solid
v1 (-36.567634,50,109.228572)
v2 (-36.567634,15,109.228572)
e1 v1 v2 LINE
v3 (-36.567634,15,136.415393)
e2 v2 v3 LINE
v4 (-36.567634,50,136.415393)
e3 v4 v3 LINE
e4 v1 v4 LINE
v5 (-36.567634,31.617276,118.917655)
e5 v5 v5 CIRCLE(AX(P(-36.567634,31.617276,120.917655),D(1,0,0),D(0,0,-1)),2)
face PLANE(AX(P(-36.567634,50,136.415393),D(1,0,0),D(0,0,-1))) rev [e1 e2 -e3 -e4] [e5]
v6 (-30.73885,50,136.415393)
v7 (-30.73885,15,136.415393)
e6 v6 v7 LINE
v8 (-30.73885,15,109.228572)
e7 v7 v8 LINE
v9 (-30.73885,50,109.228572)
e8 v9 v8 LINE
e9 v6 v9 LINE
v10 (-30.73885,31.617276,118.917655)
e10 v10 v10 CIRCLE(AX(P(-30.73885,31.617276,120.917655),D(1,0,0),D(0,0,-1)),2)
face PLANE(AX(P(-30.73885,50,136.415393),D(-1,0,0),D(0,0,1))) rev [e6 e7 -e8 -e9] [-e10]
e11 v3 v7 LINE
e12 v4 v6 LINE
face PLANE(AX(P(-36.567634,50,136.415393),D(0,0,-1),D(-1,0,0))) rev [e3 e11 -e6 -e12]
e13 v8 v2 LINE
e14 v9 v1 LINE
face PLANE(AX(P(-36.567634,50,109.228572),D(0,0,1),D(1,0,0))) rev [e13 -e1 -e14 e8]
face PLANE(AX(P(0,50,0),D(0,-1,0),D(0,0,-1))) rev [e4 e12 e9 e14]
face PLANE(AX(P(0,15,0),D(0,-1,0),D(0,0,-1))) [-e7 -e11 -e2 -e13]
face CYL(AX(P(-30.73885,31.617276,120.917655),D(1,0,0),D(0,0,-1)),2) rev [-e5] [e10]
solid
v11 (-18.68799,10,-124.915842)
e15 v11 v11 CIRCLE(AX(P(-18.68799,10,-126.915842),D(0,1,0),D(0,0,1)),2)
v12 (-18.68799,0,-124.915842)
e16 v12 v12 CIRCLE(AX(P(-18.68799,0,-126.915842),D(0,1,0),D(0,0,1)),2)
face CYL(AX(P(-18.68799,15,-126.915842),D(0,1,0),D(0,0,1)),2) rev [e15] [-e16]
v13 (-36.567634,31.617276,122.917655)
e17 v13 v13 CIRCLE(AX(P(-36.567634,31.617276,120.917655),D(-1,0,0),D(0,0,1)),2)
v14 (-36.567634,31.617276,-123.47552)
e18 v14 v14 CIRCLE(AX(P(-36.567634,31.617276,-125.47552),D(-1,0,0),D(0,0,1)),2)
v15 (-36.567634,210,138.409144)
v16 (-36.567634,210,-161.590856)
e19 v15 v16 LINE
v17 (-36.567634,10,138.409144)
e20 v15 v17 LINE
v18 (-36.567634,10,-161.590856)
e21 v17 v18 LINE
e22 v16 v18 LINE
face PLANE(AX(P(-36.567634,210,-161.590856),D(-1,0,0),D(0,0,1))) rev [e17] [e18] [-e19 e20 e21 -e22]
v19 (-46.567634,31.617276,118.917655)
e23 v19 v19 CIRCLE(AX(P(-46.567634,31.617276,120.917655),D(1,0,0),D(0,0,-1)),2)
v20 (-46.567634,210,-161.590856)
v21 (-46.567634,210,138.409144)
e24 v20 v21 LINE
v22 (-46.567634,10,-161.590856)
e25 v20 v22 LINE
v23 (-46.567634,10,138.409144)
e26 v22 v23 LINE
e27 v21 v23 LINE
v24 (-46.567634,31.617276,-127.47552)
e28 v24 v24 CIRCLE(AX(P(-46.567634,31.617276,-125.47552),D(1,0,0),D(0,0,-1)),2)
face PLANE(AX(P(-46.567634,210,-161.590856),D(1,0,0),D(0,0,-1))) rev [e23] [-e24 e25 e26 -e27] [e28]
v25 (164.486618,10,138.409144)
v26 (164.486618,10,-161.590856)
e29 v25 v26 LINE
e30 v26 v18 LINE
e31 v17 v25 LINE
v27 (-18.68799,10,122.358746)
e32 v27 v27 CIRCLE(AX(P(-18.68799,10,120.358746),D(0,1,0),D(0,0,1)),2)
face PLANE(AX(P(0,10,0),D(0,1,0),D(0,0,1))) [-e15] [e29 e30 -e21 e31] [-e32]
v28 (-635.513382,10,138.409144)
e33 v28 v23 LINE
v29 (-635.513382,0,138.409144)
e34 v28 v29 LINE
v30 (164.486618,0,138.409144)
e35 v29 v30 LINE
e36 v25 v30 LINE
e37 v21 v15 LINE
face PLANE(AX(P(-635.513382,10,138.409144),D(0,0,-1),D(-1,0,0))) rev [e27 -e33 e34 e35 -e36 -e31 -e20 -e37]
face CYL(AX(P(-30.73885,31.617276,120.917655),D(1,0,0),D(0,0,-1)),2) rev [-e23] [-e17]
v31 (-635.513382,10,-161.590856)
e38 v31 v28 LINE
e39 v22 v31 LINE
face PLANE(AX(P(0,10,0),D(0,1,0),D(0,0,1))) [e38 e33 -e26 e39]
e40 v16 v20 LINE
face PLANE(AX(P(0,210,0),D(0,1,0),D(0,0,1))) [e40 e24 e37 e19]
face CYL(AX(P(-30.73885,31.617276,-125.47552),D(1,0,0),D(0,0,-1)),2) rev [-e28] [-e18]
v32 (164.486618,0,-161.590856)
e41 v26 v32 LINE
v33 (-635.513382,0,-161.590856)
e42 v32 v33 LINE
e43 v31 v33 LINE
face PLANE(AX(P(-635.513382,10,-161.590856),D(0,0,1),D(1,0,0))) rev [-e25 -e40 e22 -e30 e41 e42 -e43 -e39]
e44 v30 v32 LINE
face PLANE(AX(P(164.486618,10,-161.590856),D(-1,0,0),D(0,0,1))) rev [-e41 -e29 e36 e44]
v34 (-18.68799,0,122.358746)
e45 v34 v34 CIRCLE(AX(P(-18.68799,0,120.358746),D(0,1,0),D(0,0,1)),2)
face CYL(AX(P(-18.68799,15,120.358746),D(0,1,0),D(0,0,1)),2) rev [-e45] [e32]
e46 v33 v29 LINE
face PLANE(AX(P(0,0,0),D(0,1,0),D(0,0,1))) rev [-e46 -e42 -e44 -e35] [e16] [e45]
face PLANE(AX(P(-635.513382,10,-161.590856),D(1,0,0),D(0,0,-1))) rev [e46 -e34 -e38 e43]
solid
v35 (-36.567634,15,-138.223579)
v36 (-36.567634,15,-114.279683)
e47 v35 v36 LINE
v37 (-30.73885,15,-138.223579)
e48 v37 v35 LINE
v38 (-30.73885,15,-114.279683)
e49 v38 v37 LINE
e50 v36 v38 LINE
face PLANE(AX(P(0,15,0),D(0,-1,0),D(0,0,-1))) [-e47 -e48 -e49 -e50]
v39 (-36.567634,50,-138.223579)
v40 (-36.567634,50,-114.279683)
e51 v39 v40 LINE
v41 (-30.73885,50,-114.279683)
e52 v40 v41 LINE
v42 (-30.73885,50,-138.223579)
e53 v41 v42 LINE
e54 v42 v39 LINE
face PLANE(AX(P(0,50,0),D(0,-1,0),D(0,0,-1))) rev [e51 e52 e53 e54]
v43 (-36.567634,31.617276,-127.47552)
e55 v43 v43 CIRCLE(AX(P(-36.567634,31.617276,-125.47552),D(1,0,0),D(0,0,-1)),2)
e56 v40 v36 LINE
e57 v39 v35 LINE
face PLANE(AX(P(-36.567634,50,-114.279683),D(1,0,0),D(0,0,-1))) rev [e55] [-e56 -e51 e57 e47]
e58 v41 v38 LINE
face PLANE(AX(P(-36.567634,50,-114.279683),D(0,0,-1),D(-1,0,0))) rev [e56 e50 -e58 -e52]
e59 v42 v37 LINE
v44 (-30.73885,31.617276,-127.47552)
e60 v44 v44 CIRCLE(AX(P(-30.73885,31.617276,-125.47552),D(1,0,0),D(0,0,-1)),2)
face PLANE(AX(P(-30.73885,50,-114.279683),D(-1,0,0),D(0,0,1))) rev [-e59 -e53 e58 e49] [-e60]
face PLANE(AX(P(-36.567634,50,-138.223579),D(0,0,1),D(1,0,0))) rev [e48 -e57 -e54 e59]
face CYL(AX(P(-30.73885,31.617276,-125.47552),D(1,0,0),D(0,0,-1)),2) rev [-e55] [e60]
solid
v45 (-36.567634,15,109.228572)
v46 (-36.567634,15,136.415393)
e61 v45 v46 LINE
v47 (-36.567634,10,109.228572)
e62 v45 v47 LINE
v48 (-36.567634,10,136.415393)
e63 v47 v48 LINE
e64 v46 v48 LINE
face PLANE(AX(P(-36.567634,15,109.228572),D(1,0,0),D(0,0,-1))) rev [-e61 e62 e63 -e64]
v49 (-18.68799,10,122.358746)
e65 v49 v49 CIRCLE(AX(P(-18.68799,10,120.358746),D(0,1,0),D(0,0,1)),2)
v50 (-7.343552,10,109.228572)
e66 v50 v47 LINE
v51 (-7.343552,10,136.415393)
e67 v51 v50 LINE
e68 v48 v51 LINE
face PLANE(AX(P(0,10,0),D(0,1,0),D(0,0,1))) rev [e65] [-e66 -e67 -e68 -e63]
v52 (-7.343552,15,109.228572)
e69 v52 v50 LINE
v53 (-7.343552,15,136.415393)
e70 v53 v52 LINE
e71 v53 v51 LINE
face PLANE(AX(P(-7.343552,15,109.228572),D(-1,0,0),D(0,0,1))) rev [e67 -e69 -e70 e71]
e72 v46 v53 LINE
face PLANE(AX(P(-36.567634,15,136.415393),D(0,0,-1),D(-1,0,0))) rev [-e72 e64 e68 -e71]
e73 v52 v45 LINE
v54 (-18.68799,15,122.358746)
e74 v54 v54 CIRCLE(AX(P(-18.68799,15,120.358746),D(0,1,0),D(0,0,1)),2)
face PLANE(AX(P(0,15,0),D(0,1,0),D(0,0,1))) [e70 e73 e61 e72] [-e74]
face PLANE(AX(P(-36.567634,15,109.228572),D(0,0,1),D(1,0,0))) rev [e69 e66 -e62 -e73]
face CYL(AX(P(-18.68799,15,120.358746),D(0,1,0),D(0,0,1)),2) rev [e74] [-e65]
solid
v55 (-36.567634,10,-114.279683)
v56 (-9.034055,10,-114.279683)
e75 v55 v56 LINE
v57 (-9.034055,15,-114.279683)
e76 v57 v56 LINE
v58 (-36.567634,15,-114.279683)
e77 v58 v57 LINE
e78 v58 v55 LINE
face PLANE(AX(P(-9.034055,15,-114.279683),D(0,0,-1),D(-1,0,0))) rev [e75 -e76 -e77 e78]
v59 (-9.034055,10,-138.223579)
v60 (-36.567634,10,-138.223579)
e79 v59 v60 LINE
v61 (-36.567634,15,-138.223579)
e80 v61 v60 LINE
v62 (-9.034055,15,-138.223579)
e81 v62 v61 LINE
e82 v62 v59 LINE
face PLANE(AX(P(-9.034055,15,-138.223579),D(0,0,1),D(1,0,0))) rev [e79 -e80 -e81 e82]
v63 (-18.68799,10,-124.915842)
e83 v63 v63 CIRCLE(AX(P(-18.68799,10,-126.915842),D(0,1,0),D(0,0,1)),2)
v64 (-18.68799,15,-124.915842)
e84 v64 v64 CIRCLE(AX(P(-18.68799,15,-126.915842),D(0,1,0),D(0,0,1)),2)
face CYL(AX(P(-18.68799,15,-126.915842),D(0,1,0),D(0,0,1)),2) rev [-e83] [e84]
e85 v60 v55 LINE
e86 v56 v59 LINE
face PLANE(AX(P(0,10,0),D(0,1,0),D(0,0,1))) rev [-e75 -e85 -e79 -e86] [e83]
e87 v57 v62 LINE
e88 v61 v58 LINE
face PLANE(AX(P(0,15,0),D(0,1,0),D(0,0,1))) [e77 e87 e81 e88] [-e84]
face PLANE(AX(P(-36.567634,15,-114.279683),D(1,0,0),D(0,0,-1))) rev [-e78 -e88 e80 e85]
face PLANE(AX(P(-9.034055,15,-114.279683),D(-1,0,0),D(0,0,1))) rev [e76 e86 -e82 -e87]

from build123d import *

# Parameters (mm, degrees)
SKETCH1_W                      = 800
SKETCH1_H                      = 300
BOSS_EXTRUDE1_DEPTH            = 10
SKETCH2_W                      = 10
SKETCH2_H                      = 300
BOSS_EXTRUDE2_DEPTH            = 200
SKETCH4_W                      = 29.224082228
SKETCH4_H                      = 27.186820937
BOSS_EXTRUDE4_DEPTH            = 5
SKETCH4_W_2                    = 27.533579719
SKETCH4_H_2                    = 23.943895565
BOSS_EXTRUDE4_2_DEPTH          = 5
SKETCH5_W                      = 5.828784331
SKETCH5_H                      = 27.186820937
BOSS_EXTRUDE5_DEPTH            = 35
SKETCH5_H_2                    = 23.943895565
BOSS_EXTRUDE5_2_DEPTH          = 35
SKETCH7_W                      = 2
SKETCH7_H                      = 15
F_4_0MM_DOWEL_HOLE1_AT_2_COUNT = 2
F_4_0MM_DOWEL_HOLE1_AT_2_PITCH = 247.27458835
SKETCH9_W                      = 2
SKETCH9_H                      = 604.774557392
F_4_0MM_DOWEL_HOLE2_AT_2_COUNT = 2
F_4_0MM_DOWEL_HOLE2_AT_2_PITCH = 246.393174193


with BuildPart() as part:
    # Sketch1 → Boss-Extrude1 (new body)
    with BuildSketch(Plane(origin=(0, 0, 0), x_dir=(1, 0, 0), z_dir=(0, 1, 0))):
        with Locations((-235.513382352, 11.590855644)):
            Rectangle(SKETCH1_W, SKETCH1_H)
    extrude(amount=BOSS_EXTRUDE1_DEPTH)

    # Sketch2 → Boss-Extrude2 (add)
    with BuildSketch(Plane(origin=(0, 10, 0), x_dir=(1, 0, 0), z_dir=(0, 1, 0))):
        with Locations((-41.567634291, 11.590855644)):
            Rectangle(SKETCH2_W, SKETCH2_H)
    extrude(amount=BOSS_EXTRUDE2_DEPTH)


with BuildPart() as body_2:
    # Sketch4 → Boss-Extrude4 (new body)
    with BuildSketch(Plane(origin=(0, 10, 0), x_dir=(1, 0, 0), z_dir=(0, 1, 0))):
        with Locations((-21.955593177, -122.821982617)):
            Rectangle(SKETCH4_W, SKETCH4_H)
    extrude(amount=BOSS_EXTRUDE4_DEPTH)


with BuildPart() as body_3:
    # Sketch4 → Boss-Extrude4 2 (new body)
    with BuildSketch(Plane(origin=(0, 10, 0), x_dir=(1, 0, 0), z_dir=(0, 1, 0))):
        with Locations((-22.800844432, 126.251631239)):
            Rectangle(SKETCH4_W_2, SKETCH4_H_2)
    extrude(amount=BOSS_EXTRUDE4_2_DEPTH)


with BuildPart() as body_4:
    # Sketch5 → Boss-Extrude5 (new body)
    with BuildSketch(Plane(origin=(0, 15, 0), x_dir=(1, 0, 0), z_dir=(0, 1, 0))):
        with Locations((-33.653242126, -122.821982617)):
            Rectangle(SKETCH5_W, SKETCH5_H)
    extrude(amount=BOSS_EXTRUDE5_DEPTH)


with BuildPart() as body_5:
    # Sketch5 → Boss-Extrude5 2 (new body)
    with BuildSketch(Plane(origin=(0, 15, 0), x_dir=(1, 0, 0), z_dir=(0, 1, 0))):
        with Locations((-33.653242126, 126.251631239)):
            Rectangle(SKETCH5_W, SKETCH5_H_2)
    extrude(amount=BOSS_EXTRUDE5_2_DEPTH)


with BuildPart() as f_4_0mm_dowel_hole1_tool:
    # Sketch7 → Ø4.0mm Dowel Hole1 (revolve)
    with BuildSketch(Plane(origin=(-18.687990482, 15, 120.358746082), x_dir=(0, 0, 1), z_dir=(1, 0, 0))):
        with Locations((1, 7.5)):
            Rectangle(SKETCH7_W, SKETCH7_H)
    f_4_0mm_dowel_hole1 = revolve(axis=Axis((-18.687990482, 21.35, 120.358746082), (0, -1, 0)))


with BuildPart() as part_1:
    add(part.part)

    # Ø4.0mm Dowel Hole1: cut by f_4_0mm_dowel_hole1_tool
    add(f_4_0mm_dowel_hole1_tool.part, mode=Mode.SUBTRACT)


with BuildPart() as body_2_1:
    add(body_2.part)

    # Ø4.0mm Dowel Hole1: cut by f_4_0mm_dowel_hole1_tool
    add(f_4_0mm_dowel_hole1_tool.part, mode=Mode.SUBTRACT)


with BuildPart() as f_4_0mm_dowel_hole1_at_2_tool:
    # Ø4.0mm Dowel Hole1 at 2: Ø4.0mm Dowel Hole1 ×2
    with Locations(*[(0, 0, -i * F_4_0MM_DOWEL_HOLE1_AT_2_PITCH) for i in range(1, F_4_0MM_DOWEL_HOLE1_AT_2_COUNT)]):
        add(f_4_0mm_dowel_hole1)


with BuildPart() as part_2:
    add(part_1.part)

    # Ø4.0mm Dowel Hole1 at 2: cut by f_4_0mm_dowel_hole1_at_2_tool
    add(f_4_0mm_dowel_hole1_at_2_tool.part, mode=Mode.SUBTRACT)


with BuildPart() as body_3_1:
    add(body_3.part)

    # Ø4.0mm Dowel Hole1 at 2: cut by f_4_0mm_dowel_hole1_at_2_tool
    add(f_4_0mm_dowel_hole1_at_2_tool.part, mode=Mode.SUBTRACT)


with BuildPart() as f_4_0mm_dowel_hole2_tool:
    # Sketch9 → Ø4.0mm Dowel Hole2 (revolve)
    with BuildSketch(Plane(origin=(-30.73884996, 31.617276176, 120.917654543), x_dir=(0, 0, -1), z_dir=(0, 1, 0))):
        with Locations((1, 302.387278696)):
            Rectangle(SKETCH9_W, SKETCH9_H)
    f_4_0mm_dowel_hole2 = revolve(axis=Axis((-24.38884996, 31.617276176, 120.917654543), (-1, 0, 0)))


with BuildPart() as part_3:
    add(part_2.part)

    # Ø4.0mm Dowel Hole2: cut by f_4_0mm_dowel_hole2_tool
    add(f_4_0mm_dowel_hole2_tool.part, mode=Mode.SUBTRACT)


with BuildPart() as body_4_1:
    add(body_4.part)

    # Ø4.0mm Dowel Hole2: cut by f_4_0mm_dowel_hole2_tool
    add(f_4_0mm_dowel_hole2_tool.part, mode=Mode.SUBTRACT)


with BuildPart() as f_4_0mm_dowel_hole2_at_2_tool:
    # Ø4.0mm Dowel Hole2 at 2: Ø4.0mm Dowel Hole2 ×2
    with Locations(*[(0, 0, -i * F_4_0MM_DOWEL_HOLE2_AT_2_PITCH) for i in range(1, F_4_0MM_DOWEL_HOLE2_AT_2_COUNT)]):
        add(f_4_0mm_dowel_hole2)


with BuildPart() as part_4:
    add(part_3.part)

    # Ø4.0mm Dowel Hole2 at 2: cut by f_4_0mm_dowel_hole2_at_2_tool
    add(f_4_0mm_dowel_hole2_at_2_tool.part, mode=Mode.SUBTRACT)


with BuildPart() as body_5_1:
    add(body_5.part)

    # Ø4.0mm Dowel Hole2 at 2: cut by f_4_0mm_dowel_hole2_at_2_tool
    add(f_4_0mm_dowel_hole2_at_2_tool.part, mode=Mode.SUBTRACT)


solid = Compound([body_2_1.part, body_3_1.part, body_4_1.part, part_4.part, body_5_1.part])
